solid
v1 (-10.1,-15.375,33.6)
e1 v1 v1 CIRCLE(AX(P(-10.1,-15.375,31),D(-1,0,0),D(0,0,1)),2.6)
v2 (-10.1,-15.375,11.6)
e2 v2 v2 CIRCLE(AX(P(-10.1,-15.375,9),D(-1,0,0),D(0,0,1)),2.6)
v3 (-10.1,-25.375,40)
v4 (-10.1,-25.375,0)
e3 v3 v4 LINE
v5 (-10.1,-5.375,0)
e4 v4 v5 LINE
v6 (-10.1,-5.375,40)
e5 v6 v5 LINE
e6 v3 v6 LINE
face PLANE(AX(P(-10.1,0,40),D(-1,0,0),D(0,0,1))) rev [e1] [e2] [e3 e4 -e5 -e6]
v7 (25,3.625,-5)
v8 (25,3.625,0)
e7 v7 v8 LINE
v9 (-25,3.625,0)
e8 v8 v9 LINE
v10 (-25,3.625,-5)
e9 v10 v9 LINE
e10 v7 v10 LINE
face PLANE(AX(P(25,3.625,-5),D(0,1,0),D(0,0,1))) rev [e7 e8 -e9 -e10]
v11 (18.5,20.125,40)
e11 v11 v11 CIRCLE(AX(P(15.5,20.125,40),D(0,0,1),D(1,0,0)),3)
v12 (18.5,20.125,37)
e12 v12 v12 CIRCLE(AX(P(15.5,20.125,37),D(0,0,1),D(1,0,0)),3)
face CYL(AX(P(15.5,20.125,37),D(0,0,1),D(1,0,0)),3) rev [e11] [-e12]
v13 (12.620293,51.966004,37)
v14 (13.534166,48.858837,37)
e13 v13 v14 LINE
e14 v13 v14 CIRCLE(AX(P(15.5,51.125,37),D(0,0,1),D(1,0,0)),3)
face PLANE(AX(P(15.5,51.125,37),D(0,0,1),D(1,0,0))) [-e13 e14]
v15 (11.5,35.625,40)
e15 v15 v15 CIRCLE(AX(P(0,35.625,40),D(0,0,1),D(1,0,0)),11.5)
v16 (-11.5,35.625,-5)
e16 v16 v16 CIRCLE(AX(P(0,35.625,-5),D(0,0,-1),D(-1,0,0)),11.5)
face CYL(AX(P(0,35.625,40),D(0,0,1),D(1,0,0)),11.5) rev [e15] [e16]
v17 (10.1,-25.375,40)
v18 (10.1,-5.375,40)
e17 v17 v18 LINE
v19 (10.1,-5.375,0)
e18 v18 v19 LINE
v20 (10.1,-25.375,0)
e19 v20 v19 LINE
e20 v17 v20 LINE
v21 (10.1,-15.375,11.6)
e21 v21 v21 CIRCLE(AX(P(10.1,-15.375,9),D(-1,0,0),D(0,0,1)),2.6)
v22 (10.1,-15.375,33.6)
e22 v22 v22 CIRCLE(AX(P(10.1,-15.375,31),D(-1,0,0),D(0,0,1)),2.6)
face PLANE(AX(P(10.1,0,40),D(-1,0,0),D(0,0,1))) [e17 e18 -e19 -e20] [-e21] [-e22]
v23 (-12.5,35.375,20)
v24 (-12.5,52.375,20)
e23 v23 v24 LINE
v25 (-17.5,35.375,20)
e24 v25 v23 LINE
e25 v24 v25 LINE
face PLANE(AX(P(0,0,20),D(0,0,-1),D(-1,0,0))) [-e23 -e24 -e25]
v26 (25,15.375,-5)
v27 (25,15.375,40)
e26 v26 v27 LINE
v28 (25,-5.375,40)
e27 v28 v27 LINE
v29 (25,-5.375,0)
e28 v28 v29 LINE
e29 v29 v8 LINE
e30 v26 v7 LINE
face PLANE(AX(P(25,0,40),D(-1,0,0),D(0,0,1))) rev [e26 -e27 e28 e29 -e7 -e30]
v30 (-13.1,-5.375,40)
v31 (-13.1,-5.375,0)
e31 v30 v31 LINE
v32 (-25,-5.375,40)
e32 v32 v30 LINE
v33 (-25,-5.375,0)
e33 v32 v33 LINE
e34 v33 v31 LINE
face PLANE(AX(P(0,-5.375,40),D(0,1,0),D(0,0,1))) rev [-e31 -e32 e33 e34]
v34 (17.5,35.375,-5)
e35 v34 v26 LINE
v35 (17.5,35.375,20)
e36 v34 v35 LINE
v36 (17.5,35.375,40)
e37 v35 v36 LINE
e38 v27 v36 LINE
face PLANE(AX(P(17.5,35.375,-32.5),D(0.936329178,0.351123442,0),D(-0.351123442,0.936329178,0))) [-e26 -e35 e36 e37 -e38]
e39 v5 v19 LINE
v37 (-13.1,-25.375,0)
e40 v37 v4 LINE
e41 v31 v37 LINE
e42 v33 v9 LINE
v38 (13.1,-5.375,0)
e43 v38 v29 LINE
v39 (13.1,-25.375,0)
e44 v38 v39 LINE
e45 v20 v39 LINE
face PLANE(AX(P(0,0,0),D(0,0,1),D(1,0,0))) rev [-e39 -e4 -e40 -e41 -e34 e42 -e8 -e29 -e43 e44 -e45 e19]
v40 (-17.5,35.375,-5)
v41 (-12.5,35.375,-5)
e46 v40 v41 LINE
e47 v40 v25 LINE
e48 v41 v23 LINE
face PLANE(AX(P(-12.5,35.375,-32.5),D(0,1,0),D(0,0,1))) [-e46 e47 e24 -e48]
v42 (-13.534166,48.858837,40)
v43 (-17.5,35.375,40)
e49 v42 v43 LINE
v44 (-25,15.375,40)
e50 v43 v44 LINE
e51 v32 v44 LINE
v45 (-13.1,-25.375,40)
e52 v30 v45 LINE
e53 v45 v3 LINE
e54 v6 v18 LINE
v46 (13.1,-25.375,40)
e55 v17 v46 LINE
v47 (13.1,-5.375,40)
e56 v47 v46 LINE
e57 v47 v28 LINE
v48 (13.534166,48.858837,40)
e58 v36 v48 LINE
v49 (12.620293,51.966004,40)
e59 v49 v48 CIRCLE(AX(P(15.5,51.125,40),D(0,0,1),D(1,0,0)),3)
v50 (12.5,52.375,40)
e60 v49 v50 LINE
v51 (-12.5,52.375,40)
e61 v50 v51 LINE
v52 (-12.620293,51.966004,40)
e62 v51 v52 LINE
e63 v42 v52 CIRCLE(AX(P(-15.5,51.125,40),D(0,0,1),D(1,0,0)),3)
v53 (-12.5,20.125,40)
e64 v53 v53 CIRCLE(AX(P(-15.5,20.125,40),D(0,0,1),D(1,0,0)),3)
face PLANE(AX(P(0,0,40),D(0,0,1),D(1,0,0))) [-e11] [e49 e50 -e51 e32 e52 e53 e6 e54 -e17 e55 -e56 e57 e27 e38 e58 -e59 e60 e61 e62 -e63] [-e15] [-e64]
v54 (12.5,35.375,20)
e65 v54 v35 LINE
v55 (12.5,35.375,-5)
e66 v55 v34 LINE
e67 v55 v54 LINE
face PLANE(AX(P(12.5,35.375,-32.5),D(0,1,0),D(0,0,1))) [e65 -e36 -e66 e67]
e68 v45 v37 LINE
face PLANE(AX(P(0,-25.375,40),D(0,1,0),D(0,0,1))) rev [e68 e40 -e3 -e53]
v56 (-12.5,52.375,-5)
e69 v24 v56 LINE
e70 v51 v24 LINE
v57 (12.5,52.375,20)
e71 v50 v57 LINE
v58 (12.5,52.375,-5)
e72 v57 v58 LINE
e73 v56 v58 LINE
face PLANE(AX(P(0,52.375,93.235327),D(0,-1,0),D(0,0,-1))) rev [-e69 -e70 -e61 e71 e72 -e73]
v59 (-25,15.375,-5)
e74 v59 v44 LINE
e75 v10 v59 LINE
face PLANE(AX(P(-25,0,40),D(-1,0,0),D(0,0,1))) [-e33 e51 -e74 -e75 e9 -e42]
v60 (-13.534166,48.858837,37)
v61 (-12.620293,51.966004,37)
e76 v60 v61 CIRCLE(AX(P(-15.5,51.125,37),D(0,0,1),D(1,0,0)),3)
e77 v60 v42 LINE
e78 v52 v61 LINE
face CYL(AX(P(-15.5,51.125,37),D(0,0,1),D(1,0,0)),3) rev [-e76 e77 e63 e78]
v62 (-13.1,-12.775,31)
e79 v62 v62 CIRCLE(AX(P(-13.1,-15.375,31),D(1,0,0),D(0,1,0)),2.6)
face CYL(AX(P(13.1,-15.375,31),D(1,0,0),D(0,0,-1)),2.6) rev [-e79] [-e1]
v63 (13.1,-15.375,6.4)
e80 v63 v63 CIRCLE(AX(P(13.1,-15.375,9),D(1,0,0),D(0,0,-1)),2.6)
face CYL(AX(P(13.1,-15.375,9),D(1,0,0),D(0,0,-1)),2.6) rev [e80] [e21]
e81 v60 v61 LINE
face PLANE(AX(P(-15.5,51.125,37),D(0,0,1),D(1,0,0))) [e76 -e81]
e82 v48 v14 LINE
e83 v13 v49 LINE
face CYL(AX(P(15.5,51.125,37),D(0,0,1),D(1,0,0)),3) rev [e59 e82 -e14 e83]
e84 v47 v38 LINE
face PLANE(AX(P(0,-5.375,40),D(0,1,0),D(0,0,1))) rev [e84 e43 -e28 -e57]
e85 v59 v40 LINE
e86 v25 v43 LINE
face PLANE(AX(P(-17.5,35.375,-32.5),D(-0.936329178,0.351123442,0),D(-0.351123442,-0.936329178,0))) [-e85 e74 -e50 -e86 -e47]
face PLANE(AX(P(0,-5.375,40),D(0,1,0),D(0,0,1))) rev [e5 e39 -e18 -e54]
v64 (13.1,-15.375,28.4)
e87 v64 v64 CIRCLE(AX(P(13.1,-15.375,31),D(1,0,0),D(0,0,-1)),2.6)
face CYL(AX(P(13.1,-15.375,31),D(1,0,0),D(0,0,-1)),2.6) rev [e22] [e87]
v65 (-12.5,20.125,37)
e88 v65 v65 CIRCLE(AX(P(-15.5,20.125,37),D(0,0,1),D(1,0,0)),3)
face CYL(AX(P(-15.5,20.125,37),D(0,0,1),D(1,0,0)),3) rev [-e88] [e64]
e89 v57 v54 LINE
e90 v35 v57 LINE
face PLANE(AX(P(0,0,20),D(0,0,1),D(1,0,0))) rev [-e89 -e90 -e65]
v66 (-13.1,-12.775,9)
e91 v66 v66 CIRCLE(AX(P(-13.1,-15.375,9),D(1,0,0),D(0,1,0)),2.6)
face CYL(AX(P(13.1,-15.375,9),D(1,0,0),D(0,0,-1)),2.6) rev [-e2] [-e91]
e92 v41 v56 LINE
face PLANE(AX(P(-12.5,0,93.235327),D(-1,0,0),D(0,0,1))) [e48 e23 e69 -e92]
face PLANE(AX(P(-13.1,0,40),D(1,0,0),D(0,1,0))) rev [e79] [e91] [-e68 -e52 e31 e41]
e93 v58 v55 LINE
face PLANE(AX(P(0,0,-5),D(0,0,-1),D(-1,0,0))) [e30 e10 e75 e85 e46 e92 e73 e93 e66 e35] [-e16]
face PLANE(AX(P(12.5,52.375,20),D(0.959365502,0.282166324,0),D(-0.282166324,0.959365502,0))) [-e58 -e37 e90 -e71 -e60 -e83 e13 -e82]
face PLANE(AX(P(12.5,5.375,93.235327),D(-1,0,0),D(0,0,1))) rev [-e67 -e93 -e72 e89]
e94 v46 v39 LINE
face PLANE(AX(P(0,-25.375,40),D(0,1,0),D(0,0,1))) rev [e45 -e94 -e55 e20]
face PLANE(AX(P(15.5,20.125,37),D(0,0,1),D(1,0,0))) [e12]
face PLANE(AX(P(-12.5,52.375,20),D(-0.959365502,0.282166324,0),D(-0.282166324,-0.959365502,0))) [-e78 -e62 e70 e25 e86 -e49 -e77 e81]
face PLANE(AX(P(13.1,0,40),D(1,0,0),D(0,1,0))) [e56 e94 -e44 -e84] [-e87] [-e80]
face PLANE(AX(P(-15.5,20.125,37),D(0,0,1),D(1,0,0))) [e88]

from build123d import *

# Parameters (mm, degrees)
EXTRUDE_1_DEPTH     = 40
SKETCH_2_W          = 25
SKETCH_2_H          = 47
EXTRUDE_2_DEPTH     = 40
HOLE_WIZARD_3_D     = 23
EXTRUDE_3_DEPTH     = 40
EXTRUDE_5_DEPTH     = 20
HOLE_WIZARD_4_D     = 5.2
SKETCH_15_R         = 3
CUT_EXTRUDE_1_DEPTH = 3
EXTRUDE_START       = 5
SKETCH_16_R         = 11.5
EXTRUDE_6_DEPTH     = 5


with BuildPart() as part:
    # 草图1 → 凸台-拉伸1 (new body)
    with BuildSketch(Plane.XY):
        Polygon((13.1, -5.375), (13.1, -25.375), (10.1, -25.375), (10.1, -5.375), (-10.1, -5.375), (-10.1, -25.375), (-13.1, -25.375), (-13.1, -5.375), (-25, -5.375), (-25, 5.375), (25, 5.375), (25, -5.375), align=None)
    extrude(amount=EXTRUDE_1_DEPTH)

    # 草图2 → 凸台-拉伸2 (add)
    with BuildSketch(Plane(origin=(0, 0, 0), x_dir=(-1, 0, 0), z_dir=(0, 0, -1))):
        with Locations((0, 28.875)):
            Rectangle(SKETCH_2_W, SKETCH_2_H)
    extrude(amount=-EXTRUDE_2_DEPTH)

    # 孔3 (through all)
    with Locations(Plane.XY.offset(40)):
        with Locations((0, 35.625)):
            Hole(HOLE_WIZARD_3_D / 2)

    # 草图10 → 凸台-拉伸3 (add)
    with BuildSketch(Plane.XY.offset(40)):
        Polygon((12.5, 35.375), (17.5, 35.375), (25, 15.375), (25, 5.375), (12.5, 5.375), align=None)
        Polygon((-12.5, 35.375), (-12.5, 5.375), (-25, 5.375), (-25, 15.375), (-17.5, 35.375), align=None)
    extrude(amount=-EXTRUDE_3_DEPTH)

    # 草图12 → 凸台-拉伸5 (add)
    with BuildSketch(Plane.XY.offset(40)):
        Polygon((12.5, 52.375), (17.5, 35.375), (12.5, 35.375), align=None)
        Polygon((-12.5, 52.375), (-17.5, 35.375), (-12.5, 35.375), align=None)
    extrude(amount=-EXTRUDE_5_DEPTH)

    # 孔4 (through all)
    with Locations(Plane(origin=(13.1, 0, 0), x_dir=(0, 0, -1), z_dir=(1, 0, 0))):
        with Locations((-31, -15.375), (-9, -15.375)):
            Hole(HOLE_WIZARD_4_D / 2)

    # 草图15 → 切除-拉伸1 (cut)
    with BuildSketch(Plane.XY.offset(40)):
        with Locations((-15.5, 51.125)):
            Circle(SKETCH_15_R)
        with Locations((15.5, 51.125)):
            Circle(SKETCH_15_R)
        with Locations((-15.5, 20.125)):
            Circle(SKETCH_15_R)
        with Locations((15.5, 20.125)):
            Circle(SKETCH_15_R)
    extrude(amount=-CUT_EXTRUDE_1_DEPTH, mode=Mode.SUBTRACT)

    # 草图16 → 凸台-拉伸6 (add)
    with BuildSketch(Plane(origin=(0, 0, 0), x_dir=(-1, 0, 0), z_dir=(0, 0, -1)).offset(EXTRUDE_START)):
        Polygon((-25, 3.625), (25, 3.625), (25, 15.375), (17.5, 35.375), (12.5, 35.375), (12.5, 52.375), (-12.5, 52.375), (-12.5, 35.375), (-17.5, 35.375), (-25, 15.375), align=None)
        with Locations(Location((0, 35.625, 0), (0, 0, 180))):
            Circle(SKETCH_16_R, mode=Mode.SUBTRACT)
    extrude(amount=-EXTRUDE_6_DEPTH)


solid = part.part
